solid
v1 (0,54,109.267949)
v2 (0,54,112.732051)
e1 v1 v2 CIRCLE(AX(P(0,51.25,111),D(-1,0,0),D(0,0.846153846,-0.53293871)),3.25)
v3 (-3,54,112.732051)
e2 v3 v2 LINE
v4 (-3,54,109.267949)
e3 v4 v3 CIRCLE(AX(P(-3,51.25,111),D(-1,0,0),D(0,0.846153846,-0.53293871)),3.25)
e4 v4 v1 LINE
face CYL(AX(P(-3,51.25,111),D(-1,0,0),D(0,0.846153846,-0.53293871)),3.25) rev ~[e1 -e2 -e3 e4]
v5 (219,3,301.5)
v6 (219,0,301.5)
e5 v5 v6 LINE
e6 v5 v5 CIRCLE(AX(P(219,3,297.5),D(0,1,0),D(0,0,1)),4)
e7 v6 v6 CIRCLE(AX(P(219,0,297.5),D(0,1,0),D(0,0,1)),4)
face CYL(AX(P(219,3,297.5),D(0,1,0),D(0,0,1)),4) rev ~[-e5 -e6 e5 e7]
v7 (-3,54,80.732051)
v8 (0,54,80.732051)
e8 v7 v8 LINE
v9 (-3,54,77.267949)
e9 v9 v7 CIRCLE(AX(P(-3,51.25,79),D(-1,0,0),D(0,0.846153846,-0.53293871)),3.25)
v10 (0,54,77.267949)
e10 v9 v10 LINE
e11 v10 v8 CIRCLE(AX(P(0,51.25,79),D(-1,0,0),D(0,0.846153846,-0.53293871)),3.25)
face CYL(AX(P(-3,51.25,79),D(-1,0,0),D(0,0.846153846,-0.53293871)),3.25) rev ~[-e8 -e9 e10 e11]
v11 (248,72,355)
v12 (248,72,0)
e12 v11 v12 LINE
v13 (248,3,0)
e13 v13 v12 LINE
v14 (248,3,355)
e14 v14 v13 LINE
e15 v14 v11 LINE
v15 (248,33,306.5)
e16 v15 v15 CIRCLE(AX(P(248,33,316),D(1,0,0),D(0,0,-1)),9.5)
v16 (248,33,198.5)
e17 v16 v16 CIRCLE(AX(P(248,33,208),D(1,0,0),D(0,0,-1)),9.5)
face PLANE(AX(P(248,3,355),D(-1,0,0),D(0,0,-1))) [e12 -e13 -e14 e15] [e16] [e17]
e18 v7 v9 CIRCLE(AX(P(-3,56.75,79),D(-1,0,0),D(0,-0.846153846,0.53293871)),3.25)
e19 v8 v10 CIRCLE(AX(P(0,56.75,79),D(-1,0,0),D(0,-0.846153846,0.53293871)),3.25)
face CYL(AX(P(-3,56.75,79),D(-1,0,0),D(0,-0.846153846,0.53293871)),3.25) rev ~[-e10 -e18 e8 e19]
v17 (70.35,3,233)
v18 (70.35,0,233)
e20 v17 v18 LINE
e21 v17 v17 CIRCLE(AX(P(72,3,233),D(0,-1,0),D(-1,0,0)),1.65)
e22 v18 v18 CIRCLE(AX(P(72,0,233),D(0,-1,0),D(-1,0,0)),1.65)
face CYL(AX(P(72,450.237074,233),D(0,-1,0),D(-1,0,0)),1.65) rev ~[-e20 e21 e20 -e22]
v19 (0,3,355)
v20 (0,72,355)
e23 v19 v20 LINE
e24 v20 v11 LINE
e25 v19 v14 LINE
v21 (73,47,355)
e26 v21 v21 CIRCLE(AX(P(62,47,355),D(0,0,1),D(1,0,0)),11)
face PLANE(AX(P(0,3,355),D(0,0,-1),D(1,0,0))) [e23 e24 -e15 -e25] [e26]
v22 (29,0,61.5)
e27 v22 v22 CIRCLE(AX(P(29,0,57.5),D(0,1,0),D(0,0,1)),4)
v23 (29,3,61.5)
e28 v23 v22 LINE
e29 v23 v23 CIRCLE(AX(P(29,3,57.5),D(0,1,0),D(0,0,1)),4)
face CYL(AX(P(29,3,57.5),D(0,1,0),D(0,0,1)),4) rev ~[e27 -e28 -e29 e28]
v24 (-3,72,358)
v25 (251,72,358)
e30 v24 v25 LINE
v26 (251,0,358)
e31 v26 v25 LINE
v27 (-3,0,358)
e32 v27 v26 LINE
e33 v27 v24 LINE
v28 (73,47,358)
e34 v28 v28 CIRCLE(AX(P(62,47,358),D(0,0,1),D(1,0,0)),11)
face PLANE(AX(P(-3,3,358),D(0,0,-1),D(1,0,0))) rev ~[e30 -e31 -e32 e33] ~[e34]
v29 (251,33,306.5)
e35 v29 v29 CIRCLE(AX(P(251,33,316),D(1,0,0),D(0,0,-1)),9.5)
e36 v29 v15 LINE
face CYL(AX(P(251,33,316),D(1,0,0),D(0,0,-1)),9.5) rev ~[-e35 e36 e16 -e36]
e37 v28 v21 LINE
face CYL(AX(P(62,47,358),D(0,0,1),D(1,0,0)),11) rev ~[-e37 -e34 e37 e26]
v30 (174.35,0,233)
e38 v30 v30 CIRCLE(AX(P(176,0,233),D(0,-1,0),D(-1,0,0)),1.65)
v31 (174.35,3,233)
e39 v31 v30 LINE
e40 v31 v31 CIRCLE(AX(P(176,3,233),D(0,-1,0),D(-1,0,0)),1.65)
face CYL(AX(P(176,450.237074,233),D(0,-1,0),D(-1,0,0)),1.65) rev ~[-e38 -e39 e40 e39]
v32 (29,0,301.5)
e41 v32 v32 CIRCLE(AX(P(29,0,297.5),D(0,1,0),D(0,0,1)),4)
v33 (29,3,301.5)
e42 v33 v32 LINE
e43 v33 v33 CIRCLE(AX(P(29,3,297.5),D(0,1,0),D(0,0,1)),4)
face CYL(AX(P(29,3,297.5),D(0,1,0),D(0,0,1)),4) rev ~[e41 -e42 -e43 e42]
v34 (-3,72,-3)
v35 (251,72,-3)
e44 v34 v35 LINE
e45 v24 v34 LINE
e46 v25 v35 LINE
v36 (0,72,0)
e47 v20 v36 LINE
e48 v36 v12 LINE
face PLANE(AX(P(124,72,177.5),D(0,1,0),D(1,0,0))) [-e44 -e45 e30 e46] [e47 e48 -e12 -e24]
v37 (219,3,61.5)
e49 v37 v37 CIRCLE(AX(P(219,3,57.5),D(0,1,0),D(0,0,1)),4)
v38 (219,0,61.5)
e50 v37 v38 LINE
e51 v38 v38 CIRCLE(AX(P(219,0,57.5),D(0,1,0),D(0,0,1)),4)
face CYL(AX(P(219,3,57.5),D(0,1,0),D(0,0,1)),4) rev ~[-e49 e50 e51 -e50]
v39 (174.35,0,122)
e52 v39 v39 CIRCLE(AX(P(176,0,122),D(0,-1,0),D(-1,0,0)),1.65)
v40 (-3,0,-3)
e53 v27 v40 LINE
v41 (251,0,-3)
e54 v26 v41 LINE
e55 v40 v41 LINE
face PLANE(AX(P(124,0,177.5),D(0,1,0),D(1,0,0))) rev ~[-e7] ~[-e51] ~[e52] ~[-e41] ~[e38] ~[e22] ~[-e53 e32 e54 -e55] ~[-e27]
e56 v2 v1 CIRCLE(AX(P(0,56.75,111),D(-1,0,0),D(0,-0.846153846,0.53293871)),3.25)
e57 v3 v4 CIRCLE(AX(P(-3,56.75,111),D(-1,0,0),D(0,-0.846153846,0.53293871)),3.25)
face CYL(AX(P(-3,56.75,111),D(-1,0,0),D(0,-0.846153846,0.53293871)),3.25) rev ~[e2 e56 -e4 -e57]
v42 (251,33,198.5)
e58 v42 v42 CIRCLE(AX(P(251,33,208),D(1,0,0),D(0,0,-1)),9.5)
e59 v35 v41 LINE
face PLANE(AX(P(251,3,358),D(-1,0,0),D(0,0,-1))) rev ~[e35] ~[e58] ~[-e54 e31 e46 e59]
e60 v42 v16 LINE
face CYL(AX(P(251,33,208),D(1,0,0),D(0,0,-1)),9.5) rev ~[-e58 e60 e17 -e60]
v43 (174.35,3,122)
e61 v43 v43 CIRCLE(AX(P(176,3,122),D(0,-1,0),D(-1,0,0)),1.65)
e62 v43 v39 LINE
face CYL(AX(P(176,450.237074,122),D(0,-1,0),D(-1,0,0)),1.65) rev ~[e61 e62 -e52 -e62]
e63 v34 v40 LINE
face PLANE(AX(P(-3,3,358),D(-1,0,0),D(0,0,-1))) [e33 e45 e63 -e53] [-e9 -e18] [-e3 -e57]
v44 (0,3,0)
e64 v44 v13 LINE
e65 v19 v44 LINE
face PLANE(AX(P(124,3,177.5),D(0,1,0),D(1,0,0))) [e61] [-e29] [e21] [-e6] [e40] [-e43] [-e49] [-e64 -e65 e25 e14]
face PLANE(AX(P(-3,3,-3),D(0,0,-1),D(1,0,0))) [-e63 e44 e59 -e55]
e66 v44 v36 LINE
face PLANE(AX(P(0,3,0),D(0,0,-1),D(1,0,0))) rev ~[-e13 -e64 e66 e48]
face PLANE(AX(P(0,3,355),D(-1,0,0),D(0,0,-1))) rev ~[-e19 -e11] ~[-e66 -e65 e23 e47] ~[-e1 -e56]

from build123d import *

# Parameters (mm, degrees)
SKETCH1_W             = 254
SKETCH1_H             = 361
SKETCH1_W_2           = 248
SKETCH1_H_2           = 355
BOSS_EXTRUDE1_DEPTH   = 3
BOSS_EXTRUDE2_START   = 3
SKETCH1_3_W           = 254
SKETCH1_3_H           = 361
SKETCH1_3_W_2         = 248
SKETCH1_3_H_2         = 355
BOSS_EXTRUDE2_DEPTH   = 69
SKETCH2_R             = 9.5
CUT_EXTRUDE1_DEPTH    = 3
SKETCH3_R             = 11
CUT_EXTRUDE2_DEPTH    = 3
SKETCH4_R             = 3.25
CUT_EXTRUDE3_DEPTH    = 3
SKETCH5_R             = 4
CUT_EXTRUDE4_DEPTH    = 3
M4X0_7_TAPPED_HOLE1_D = 3.3


with BuildPart() as part:
    # Sketch1 → Boss-Extrude1 (new body)
    # profile 1 of 2: a face of its own
    with BuildSketch(Plane(origin=(0, 0, 0), x_dir=(1, 0, 0), z_dir=(0, 1, 0))):
        with Locations((124, -177.5)):
            Rectangle(SKETCH1_W, SKETCH1_H)
        with Locations((124, -177.5)):
            Rectangle(SKETCH1_W_2, SKETCH1_H_2, mode=Mode.SUBTRACT)
    # profile 2 of 2: a face of its own
    with BuildSketch(Plane(origin=(0, 0, 0), x_dir=(1, 0, 0), z_dir=(0, 1, 0))):
        with Locations((124, -177.5)):
            Rectangle(SKETCH1_W_2, SKETCH1_H_2)
    extrude(amount=BOSS_EXTRUDE1_DEPTH)

    # Sketch1<3> → Boss-Extrude2 (add)
    with BuildSketch(Plane(origin=(0, 0, 0), x_dir=(1, 0, 0), z_dir=(0, 1, 0)).offset(BOSS_EXTRUDE2_START)):
        with Locations((124, -177.5)):
            Rectangle(SKETCH1_3_W, SKETCH1_3_H)
        with Locations((124, -177.5)):
            Rectangle(SKETCH1_3_W_2, SKETCH1_3_H_2, mode=Mode.SUBTRACT)
    extrude(amount=BOSS_EXTRUDE2_DEPTH)

    # Sketch2 → Cut-Extrude1 (cut)
    with BuildSketch(Plane(origin=(251, 0, 0), x_dir=(0, 0, -1), z_dir=(1, 0, 0))):
        with Locations((-316, 33)):
            Circle(SKETCH2_R)
        with Locations((-208, 33)):
            Circle(SKETCH2_R)
    extrude(amount=-CUT_EXTRUDE1_DEPTH, mode=Mode.SUBTRACT)

    # Sketch3 → Cut-Extrude2 (cut)
    with BuildSketch(Plane.XY.offset(358)):
        with Locations((62, 47)):
            Circle(SKETCH3_R)
    extrude(amount=-CUT_EXTRUDE2_DEPTH, mode=Mode.SUBTRACT)

    # Sketch4 → Cut-Extrude3 (cut)
    with BuildSketch(Plane.ZY.offset(3)):
        with Locations((79, 51.25)):
            Circle(SKETCH4_R)
        with Locations((79, 56.75)):
            Circle(SKETCH4_R)
        with Locations((111, 56.75)):
            Circle(SKETCH4_R)
        with Locations((111, 51.25)):
            Circle(SKETCH4_R)
    extrude(amount=-CUT_EXTRUDE3_DEPTH, mode=Mode.SUBTRACT)

    # Sketch5 → Cut-Extrude4 (cut)
    with BuildSketch(Plane(origin=(0, 3, 0), x_dir=(1, 0, 0), z_dir=(0, 1, 0))):
        with Locations(Location((29, -297.5, 0), (0, 0, 270))):
            Circle(SKETCH5_R)
        with Locations(Location((219, -297.5, 0), (0, 0, 270))):
            Circle(SKETCH5_R)
        with Locations(Location((29, -57.5, 0), (0, 0, 270))):
            Circle(SKETCH5_R)
        with Locations(Location((219, -57.5, 0), (0, 0, 270))):
            Circle(SKETCH5_R)
    extrude(amount=-CUT_EXTRUDE4_DEPTH, mode=Mode.SUBTRACT)

    # M4x0.7 Tapped Hole1 (through all)
    with Locations(Plane(origin=(0, 3, 0), x_dir=(1, 0, 0), z_dir=(0, 1, 0))):
        with Locations((72, -233), (176, -233), (176, -122)):
            Hole(M4X0_7_TAPPED_HOLE1_D / 2)


solid = part.part
